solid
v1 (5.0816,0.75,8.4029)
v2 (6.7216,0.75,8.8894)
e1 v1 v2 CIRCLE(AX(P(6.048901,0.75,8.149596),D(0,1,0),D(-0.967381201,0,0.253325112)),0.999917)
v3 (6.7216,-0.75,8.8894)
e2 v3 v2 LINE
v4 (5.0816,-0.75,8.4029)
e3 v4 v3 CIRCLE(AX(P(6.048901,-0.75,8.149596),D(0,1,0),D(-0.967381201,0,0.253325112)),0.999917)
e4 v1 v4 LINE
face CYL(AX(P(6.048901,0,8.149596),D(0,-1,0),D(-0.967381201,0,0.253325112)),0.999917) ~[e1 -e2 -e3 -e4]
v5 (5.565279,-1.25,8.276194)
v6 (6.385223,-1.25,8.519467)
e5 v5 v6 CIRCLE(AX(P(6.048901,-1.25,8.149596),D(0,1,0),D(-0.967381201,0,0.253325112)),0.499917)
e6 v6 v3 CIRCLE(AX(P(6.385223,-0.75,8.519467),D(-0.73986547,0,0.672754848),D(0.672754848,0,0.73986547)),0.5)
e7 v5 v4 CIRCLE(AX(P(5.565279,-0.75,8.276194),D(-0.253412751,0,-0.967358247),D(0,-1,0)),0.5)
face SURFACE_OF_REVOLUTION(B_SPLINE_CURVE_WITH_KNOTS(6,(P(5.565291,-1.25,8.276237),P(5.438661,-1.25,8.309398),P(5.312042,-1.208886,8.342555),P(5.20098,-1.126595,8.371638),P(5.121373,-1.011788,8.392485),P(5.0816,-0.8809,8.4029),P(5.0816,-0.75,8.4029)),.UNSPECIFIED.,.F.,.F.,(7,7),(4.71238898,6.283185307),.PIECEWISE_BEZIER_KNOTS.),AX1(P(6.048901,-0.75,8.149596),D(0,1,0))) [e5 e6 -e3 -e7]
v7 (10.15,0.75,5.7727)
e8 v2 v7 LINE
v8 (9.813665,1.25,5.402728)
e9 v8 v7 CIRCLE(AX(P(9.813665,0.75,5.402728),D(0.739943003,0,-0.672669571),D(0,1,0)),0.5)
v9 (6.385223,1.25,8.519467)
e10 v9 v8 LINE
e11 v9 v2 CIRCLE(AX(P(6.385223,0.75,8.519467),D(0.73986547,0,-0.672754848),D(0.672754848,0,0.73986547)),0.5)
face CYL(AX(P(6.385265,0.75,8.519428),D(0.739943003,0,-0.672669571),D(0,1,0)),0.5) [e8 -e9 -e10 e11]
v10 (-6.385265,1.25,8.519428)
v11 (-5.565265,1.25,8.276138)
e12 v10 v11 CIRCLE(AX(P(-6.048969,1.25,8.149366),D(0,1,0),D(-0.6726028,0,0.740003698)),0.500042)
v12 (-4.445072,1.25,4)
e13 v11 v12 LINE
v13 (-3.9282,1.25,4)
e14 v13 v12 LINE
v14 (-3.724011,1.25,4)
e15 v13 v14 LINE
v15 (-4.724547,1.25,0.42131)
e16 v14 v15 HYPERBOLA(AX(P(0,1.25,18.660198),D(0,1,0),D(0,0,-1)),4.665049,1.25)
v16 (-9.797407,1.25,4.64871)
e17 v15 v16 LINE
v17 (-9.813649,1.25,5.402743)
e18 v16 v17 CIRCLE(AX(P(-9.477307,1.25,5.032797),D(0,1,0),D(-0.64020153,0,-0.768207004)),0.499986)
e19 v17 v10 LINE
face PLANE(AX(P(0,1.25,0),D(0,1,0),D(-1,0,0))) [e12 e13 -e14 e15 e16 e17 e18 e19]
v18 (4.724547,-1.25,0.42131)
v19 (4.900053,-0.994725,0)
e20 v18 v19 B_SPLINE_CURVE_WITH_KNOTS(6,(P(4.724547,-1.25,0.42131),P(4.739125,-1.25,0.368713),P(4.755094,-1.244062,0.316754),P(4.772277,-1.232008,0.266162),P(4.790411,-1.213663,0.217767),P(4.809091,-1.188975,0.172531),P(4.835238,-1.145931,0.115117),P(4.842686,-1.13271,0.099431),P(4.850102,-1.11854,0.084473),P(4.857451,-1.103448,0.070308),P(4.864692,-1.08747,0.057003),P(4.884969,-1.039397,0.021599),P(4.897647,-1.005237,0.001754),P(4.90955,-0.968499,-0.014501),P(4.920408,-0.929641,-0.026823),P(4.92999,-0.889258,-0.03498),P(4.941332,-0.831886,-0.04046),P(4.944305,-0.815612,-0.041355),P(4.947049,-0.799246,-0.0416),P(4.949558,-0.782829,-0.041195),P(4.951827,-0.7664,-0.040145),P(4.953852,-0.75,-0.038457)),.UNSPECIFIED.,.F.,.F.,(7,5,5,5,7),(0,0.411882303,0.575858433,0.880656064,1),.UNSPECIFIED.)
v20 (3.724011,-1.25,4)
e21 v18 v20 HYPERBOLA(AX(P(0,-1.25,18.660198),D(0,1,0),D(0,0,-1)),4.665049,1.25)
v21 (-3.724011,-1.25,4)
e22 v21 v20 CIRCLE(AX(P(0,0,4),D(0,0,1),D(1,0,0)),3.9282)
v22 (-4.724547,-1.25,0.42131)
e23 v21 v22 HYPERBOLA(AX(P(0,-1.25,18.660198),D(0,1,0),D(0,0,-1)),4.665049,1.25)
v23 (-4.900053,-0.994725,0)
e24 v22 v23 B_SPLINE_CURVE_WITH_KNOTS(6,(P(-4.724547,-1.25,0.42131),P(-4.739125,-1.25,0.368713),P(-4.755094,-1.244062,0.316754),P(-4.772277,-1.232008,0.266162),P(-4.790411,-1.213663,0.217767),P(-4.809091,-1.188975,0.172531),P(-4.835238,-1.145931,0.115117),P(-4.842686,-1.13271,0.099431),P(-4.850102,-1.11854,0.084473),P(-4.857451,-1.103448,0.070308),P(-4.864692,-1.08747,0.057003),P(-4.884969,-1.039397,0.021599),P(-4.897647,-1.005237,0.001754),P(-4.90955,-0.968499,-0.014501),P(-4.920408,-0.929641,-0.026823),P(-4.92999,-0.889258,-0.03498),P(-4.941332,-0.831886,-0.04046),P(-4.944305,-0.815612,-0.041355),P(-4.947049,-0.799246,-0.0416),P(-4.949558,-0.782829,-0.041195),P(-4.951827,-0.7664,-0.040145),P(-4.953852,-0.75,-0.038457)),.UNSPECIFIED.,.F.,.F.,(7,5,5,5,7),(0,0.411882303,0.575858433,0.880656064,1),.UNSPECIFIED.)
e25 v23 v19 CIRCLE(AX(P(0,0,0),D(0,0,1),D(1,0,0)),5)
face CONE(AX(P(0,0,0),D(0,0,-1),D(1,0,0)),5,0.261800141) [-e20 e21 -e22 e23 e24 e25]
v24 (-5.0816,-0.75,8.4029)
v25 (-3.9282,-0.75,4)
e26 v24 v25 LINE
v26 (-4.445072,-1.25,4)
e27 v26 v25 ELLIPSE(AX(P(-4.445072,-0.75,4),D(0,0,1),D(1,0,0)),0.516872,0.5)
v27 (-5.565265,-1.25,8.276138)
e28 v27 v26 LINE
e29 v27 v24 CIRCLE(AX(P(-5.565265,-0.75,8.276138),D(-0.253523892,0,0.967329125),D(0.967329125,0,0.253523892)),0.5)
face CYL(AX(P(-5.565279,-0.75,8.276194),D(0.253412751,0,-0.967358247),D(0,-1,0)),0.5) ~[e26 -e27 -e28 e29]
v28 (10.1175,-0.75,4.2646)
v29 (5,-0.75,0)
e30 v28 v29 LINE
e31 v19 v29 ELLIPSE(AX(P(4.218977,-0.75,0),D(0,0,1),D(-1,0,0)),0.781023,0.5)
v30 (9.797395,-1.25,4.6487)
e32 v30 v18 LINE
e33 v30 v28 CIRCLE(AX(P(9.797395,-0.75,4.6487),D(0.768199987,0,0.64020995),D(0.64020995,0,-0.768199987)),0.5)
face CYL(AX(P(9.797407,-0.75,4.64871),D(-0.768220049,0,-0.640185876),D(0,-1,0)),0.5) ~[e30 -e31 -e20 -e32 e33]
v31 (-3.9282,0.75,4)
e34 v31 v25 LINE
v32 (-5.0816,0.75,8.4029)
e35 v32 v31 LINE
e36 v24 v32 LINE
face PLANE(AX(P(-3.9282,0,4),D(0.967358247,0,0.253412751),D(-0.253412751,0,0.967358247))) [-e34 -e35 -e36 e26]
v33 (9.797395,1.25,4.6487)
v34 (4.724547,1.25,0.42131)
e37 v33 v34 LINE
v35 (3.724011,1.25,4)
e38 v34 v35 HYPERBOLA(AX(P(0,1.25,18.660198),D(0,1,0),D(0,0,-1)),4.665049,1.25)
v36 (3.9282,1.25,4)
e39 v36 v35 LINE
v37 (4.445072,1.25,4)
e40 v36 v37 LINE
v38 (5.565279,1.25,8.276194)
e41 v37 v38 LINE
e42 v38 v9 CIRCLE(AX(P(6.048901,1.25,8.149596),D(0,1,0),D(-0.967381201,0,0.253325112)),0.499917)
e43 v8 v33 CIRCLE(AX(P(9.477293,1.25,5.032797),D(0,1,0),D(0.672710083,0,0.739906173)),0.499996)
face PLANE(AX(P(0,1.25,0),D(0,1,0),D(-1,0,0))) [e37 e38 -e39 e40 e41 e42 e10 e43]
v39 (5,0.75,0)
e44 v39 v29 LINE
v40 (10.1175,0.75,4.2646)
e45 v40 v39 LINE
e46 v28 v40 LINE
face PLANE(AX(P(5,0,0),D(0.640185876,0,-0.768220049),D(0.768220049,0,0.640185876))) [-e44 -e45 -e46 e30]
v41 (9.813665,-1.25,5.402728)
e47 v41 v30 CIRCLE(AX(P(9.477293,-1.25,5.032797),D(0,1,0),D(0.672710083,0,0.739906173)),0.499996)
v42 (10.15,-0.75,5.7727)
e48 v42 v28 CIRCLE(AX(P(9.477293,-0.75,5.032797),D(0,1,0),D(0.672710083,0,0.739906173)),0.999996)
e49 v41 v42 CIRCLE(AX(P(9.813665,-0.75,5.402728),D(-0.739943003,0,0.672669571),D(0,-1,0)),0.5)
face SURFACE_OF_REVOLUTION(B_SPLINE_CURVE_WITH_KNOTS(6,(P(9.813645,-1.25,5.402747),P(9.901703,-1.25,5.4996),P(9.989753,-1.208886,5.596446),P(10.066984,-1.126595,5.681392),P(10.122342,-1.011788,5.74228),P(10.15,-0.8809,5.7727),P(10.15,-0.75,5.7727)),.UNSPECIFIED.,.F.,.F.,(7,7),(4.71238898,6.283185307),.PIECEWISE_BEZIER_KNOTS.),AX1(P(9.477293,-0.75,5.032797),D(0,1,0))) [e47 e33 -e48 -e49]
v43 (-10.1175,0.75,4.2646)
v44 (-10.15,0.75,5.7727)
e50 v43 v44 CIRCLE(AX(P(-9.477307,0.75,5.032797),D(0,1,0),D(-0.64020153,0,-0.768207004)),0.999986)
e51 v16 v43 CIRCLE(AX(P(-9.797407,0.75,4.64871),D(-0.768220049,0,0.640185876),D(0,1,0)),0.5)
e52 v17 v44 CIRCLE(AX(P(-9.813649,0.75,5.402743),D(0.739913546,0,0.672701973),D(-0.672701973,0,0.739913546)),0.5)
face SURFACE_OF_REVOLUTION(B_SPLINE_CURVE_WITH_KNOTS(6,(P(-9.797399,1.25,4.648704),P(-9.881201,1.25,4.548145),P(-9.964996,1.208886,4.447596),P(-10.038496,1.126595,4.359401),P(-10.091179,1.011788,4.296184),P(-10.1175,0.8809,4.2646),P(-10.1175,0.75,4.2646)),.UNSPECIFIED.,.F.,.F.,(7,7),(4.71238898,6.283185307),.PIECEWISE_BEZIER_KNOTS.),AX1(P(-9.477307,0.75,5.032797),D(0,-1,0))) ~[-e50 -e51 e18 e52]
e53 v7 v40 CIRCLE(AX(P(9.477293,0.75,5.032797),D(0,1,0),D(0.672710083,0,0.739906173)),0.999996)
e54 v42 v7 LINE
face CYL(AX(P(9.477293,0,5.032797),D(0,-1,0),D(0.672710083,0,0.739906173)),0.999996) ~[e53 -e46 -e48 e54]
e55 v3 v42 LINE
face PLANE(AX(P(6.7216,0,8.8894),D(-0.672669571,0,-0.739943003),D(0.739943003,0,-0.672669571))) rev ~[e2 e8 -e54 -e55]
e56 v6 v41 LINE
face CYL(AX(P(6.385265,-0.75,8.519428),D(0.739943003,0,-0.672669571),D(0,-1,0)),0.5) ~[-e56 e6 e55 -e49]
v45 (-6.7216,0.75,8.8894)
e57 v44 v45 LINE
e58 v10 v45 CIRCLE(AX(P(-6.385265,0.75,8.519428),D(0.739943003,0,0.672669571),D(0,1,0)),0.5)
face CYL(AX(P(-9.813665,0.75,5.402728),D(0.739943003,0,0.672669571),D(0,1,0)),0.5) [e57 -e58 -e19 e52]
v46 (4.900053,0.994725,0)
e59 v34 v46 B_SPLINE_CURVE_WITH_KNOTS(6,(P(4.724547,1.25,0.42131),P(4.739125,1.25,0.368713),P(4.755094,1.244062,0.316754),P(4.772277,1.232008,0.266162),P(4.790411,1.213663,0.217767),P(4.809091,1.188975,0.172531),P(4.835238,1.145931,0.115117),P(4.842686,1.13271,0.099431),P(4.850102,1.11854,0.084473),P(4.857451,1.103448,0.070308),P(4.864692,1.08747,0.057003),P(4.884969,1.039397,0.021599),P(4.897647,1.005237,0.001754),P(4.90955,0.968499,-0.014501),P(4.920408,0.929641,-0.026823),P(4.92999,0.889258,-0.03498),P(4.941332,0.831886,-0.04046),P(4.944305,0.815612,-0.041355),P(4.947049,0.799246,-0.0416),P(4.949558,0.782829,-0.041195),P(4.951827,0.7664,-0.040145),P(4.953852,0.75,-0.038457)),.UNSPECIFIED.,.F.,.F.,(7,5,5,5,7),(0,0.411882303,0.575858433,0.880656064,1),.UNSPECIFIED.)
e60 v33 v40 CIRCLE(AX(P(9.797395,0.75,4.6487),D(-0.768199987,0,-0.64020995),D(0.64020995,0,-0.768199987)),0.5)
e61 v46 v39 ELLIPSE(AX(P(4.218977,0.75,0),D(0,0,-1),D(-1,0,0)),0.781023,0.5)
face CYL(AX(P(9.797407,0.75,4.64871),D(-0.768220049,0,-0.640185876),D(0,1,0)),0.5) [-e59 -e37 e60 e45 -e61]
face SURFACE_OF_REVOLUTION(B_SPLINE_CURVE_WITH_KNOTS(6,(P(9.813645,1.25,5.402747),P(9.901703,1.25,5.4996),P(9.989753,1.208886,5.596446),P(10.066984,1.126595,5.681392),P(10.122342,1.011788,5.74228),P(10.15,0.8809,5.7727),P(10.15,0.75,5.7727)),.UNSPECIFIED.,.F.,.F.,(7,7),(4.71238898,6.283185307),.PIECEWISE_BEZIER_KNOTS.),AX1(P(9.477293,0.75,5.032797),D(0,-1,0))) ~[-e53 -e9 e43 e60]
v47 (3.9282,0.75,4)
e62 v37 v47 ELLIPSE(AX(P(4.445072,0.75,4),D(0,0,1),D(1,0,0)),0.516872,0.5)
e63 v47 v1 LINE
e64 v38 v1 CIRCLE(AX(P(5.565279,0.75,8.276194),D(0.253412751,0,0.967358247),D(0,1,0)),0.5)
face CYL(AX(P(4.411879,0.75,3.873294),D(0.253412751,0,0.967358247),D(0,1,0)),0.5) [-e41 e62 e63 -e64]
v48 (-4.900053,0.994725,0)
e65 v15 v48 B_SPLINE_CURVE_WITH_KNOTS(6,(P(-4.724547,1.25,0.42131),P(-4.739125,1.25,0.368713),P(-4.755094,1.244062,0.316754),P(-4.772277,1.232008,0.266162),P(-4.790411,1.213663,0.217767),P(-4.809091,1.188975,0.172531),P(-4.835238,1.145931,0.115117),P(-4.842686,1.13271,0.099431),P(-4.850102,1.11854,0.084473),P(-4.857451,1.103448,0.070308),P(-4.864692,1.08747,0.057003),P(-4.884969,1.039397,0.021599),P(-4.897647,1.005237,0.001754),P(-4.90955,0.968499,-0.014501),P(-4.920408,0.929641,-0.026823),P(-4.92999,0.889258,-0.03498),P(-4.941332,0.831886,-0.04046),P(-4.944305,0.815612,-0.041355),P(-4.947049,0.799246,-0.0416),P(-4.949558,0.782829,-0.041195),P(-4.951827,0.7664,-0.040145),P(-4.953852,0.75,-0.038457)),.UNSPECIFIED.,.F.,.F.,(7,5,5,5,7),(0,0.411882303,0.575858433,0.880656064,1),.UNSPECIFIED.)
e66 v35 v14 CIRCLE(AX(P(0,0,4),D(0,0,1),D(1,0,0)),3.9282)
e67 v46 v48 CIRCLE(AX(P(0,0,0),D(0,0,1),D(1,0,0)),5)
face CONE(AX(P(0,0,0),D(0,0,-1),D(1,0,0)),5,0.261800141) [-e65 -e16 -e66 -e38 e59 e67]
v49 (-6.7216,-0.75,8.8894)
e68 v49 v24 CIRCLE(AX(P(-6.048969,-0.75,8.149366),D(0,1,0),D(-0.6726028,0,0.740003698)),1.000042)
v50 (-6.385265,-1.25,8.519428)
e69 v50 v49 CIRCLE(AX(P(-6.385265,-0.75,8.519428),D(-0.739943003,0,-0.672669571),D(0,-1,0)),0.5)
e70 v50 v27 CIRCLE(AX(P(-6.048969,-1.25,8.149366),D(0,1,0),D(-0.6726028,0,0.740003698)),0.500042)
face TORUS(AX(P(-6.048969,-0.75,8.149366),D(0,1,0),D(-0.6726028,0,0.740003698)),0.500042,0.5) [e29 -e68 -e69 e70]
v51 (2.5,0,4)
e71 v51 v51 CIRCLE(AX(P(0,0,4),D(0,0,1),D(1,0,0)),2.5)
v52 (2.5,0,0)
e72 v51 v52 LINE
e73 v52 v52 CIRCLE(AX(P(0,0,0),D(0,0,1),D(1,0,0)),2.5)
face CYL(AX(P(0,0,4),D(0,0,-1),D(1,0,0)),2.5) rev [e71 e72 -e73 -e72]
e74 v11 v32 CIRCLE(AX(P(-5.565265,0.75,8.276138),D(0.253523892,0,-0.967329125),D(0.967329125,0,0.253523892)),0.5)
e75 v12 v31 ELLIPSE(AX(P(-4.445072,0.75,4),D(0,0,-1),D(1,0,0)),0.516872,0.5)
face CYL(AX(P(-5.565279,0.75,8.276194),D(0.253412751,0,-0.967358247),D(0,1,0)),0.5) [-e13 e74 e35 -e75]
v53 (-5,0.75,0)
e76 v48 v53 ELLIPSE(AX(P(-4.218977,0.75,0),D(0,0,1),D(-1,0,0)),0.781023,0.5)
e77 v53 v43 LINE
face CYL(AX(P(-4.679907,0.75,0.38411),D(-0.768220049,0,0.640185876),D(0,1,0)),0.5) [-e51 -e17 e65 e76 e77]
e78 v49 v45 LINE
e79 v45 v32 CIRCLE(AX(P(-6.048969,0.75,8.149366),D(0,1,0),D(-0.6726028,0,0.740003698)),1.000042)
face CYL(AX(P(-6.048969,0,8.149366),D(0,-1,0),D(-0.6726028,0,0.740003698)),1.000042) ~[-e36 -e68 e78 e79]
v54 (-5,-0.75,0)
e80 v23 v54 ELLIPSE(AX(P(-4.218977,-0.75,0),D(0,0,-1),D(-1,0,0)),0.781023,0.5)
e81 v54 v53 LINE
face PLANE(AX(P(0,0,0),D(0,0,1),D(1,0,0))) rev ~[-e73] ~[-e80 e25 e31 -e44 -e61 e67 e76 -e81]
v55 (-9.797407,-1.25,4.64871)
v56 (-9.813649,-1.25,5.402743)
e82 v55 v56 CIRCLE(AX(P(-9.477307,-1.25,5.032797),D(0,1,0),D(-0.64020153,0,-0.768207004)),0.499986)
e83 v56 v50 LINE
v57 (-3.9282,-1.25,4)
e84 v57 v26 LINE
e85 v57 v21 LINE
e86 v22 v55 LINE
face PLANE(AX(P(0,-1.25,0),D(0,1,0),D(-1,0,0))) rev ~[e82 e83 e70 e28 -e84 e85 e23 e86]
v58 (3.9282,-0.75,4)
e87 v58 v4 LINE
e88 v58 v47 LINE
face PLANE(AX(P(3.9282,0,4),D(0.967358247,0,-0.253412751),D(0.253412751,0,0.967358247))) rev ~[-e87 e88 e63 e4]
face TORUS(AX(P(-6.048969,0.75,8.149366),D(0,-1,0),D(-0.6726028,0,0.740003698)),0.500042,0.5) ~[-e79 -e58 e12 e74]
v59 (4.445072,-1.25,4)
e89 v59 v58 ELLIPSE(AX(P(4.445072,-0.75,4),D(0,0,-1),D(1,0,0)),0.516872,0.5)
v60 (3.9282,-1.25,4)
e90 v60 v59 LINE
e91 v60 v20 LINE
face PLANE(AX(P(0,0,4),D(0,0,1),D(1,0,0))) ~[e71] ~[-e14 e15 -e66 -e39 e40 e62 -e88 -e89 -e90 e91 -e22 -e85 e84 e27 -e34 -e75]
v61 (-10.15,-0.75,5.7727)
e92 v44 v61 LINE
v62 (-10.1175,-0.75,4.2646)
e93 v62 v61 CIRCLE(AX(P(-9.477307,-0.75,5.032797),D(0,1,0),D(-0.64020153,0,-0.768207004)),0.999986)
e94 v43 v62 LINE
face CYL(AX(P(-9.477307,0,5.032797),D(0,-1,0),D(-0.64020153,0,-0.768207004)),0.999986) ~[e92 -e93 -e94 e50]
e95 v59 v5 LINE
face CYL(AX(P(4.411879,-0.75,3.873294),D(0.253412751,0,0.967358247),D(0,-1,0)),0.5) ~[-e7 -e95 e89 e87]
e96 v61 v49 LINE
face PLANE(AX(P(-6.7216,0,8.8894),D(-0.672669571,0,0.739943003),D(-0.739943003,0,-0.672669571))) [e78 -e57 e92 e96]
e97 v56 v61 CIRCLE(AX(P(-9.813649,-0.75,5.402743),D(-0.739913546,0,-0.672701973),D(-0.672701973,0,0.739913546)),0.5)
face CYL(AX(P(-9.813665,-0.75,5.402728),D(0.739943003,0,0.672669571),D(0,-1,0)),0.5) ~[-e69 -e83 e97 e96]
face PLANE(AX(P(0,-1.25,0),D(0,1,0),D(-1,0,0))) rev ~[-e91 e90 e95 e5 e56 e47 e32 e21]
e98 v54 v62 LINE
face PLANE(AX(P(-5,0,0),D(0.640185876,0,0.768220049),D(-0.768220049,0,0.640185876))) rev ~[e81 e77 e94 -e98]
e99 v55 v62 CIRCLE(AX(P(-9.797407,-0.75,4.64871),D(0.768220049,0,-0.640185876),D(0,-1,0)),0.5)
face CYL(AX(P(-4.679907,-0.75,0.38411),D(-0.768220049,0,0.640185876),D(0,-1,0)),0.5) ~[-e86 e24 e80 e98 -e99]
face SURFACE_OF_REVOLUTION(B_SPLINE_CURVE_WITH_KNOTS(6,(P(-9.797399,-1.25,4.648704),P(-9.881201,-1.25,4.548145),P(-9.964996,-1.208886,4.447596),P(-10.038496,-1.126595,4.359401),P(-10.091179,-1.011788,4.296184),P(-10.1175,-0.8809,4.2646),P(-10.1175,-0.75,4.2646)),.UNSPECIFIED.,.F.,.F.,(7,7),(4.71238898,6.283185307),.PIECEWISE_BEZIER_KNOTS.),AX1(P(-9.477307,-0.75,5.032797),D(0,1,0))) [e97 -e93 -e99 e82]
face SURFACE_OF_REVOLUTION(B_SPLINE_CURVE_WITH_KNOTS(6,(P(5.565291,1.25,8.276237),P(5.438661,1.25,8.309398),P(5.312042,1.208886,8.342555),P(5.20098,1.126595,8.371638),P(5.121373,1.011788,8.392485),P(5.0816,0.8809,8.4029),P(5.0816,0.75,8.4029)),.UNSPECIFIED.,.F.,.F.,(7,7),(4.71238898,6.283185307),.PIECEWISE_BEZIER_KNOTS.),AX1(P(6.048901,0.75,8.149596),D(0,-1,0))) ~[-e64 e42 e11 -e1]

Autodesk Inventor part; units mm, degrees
ref_plane "YZ Plane" through (0, 0, 0) normal (1, 0, 0) x (0, 1, 0)
ref_plane "XZ Plane" through (0, 0, 0) normal (0, 1, 0) x (-1, 0, 0)
ref_plane "XY Plane" through (0, 0, 0) normal (0, 0, 1) x (1, 0, 0)
sketch "Эскиз1" plane through (0, 0, 0) normal (0, 1, 0) x (-1, 0, 0)
  line L0 (-2.5, 4) -> (-2.5, 0)
  line L1 (-5, 0) -> (-2.5, 0)
  line L2 (-5, 0) -> (-3.9282, 4)
  line L3 (-2.5, 4) -> (-3.9282, 4)
  line L4 (0, 0) -> (0, 7.6417) construction
revolve "Вращение1" add sketch "Эскиз1" angle 360 about axis through (0, 0, 0) along (0, 0, 1)
sketch "Эскиз2" plane through (0, 0, 0) normal (0, 1, 0) x (-1, 0, 0)
  line L0 (-6.7216, 8.8894) -> (-10.15, 5.7727)
  line L1 (-5, 0) -> (-10.1175, 4.2646)
  line L2 (-3.9282, 4) -> (-5.0816, 8.4029)
  arc A0 (-5.0816, 8.4029) -> (-6.7216, 8.8894) centre (-6.049, 8.1495) ccw
  arc A1 (-10.15, 5.7727) -> (-10.1175, 4.2646) centre (-9.4773, 5.0328) ccw
  line L3 (0, 0) -> (0, 6.5882) construction
  line L4 (6.7216, 8.8894) -> (10.15, 5.7727)
  line L5 (5, 0) -> (10.1175, 4.2646)
  line L6 (3.9282, 4) -> (5.0816, 8.4029)
  arc A2 (6.7216, 8.8894) -> (5.0816, 8.4029) centre (6.049, 8.1495) ccw
  arc A3 (10.1175, 4.2646) -> (10.15, 5.7727) centre (9.4773, 5.0328) ccw
  line L7 (-3.9282, 4) -> (-3.4282, 4)
  line L8 (-3.4282, 4) -> (-4.5049, 0)
  line L9 (-4.5049, 0) -> (-5, 0)
  line L10 (3.9282, 4) -> (3.4282, 4)
  line L11 (3.4282, 4) -> (4.5049, 0)
  line L12 (4.5049, 0) -> (5, 0)
extrude "Выдавливание1" add sketch "Эскиз2" along normal mid plane 2.5
fillet "Сопряжение1" radius 0.5 20 edges at (5.7646, -1.25, 9.1082) (8.4358, -1.25, 7.3311) (10.4771, -1.25, 5.0113) (7.5587, -1.25, 2.1323) (4.5049, -1.25, 6.2014) (10.4771, 1.25, 5.0113) (7.5587, 1.25, 2.1323) (5.7646, 1.25, 9.1082) (4.5049, 1.25, 6.2014) (8.4358, 1.25, 7.3311) (-5.7646, -1.25, 9.1082) (-8.4358, -1.25, 7.3311) (-10.4771, -1.25, 5.0113) (-7.5587, -1.25, 2.1323) (-4.5049, -1.25, 6.2014) (-5.7646, 1.25, 9.1082) (-8.4358, 1.25, 7.3311) (-10.4771, 1.25, 5.0113) (-7.5587, 1.25, 2.1323) (-4.5049, 1.25, 6.2014)
thread "Резьба1" size "M5x0.8" class "6H" standard "ANSI Metric M Profile" full length
properties part number "Гайка-барашек М5"
